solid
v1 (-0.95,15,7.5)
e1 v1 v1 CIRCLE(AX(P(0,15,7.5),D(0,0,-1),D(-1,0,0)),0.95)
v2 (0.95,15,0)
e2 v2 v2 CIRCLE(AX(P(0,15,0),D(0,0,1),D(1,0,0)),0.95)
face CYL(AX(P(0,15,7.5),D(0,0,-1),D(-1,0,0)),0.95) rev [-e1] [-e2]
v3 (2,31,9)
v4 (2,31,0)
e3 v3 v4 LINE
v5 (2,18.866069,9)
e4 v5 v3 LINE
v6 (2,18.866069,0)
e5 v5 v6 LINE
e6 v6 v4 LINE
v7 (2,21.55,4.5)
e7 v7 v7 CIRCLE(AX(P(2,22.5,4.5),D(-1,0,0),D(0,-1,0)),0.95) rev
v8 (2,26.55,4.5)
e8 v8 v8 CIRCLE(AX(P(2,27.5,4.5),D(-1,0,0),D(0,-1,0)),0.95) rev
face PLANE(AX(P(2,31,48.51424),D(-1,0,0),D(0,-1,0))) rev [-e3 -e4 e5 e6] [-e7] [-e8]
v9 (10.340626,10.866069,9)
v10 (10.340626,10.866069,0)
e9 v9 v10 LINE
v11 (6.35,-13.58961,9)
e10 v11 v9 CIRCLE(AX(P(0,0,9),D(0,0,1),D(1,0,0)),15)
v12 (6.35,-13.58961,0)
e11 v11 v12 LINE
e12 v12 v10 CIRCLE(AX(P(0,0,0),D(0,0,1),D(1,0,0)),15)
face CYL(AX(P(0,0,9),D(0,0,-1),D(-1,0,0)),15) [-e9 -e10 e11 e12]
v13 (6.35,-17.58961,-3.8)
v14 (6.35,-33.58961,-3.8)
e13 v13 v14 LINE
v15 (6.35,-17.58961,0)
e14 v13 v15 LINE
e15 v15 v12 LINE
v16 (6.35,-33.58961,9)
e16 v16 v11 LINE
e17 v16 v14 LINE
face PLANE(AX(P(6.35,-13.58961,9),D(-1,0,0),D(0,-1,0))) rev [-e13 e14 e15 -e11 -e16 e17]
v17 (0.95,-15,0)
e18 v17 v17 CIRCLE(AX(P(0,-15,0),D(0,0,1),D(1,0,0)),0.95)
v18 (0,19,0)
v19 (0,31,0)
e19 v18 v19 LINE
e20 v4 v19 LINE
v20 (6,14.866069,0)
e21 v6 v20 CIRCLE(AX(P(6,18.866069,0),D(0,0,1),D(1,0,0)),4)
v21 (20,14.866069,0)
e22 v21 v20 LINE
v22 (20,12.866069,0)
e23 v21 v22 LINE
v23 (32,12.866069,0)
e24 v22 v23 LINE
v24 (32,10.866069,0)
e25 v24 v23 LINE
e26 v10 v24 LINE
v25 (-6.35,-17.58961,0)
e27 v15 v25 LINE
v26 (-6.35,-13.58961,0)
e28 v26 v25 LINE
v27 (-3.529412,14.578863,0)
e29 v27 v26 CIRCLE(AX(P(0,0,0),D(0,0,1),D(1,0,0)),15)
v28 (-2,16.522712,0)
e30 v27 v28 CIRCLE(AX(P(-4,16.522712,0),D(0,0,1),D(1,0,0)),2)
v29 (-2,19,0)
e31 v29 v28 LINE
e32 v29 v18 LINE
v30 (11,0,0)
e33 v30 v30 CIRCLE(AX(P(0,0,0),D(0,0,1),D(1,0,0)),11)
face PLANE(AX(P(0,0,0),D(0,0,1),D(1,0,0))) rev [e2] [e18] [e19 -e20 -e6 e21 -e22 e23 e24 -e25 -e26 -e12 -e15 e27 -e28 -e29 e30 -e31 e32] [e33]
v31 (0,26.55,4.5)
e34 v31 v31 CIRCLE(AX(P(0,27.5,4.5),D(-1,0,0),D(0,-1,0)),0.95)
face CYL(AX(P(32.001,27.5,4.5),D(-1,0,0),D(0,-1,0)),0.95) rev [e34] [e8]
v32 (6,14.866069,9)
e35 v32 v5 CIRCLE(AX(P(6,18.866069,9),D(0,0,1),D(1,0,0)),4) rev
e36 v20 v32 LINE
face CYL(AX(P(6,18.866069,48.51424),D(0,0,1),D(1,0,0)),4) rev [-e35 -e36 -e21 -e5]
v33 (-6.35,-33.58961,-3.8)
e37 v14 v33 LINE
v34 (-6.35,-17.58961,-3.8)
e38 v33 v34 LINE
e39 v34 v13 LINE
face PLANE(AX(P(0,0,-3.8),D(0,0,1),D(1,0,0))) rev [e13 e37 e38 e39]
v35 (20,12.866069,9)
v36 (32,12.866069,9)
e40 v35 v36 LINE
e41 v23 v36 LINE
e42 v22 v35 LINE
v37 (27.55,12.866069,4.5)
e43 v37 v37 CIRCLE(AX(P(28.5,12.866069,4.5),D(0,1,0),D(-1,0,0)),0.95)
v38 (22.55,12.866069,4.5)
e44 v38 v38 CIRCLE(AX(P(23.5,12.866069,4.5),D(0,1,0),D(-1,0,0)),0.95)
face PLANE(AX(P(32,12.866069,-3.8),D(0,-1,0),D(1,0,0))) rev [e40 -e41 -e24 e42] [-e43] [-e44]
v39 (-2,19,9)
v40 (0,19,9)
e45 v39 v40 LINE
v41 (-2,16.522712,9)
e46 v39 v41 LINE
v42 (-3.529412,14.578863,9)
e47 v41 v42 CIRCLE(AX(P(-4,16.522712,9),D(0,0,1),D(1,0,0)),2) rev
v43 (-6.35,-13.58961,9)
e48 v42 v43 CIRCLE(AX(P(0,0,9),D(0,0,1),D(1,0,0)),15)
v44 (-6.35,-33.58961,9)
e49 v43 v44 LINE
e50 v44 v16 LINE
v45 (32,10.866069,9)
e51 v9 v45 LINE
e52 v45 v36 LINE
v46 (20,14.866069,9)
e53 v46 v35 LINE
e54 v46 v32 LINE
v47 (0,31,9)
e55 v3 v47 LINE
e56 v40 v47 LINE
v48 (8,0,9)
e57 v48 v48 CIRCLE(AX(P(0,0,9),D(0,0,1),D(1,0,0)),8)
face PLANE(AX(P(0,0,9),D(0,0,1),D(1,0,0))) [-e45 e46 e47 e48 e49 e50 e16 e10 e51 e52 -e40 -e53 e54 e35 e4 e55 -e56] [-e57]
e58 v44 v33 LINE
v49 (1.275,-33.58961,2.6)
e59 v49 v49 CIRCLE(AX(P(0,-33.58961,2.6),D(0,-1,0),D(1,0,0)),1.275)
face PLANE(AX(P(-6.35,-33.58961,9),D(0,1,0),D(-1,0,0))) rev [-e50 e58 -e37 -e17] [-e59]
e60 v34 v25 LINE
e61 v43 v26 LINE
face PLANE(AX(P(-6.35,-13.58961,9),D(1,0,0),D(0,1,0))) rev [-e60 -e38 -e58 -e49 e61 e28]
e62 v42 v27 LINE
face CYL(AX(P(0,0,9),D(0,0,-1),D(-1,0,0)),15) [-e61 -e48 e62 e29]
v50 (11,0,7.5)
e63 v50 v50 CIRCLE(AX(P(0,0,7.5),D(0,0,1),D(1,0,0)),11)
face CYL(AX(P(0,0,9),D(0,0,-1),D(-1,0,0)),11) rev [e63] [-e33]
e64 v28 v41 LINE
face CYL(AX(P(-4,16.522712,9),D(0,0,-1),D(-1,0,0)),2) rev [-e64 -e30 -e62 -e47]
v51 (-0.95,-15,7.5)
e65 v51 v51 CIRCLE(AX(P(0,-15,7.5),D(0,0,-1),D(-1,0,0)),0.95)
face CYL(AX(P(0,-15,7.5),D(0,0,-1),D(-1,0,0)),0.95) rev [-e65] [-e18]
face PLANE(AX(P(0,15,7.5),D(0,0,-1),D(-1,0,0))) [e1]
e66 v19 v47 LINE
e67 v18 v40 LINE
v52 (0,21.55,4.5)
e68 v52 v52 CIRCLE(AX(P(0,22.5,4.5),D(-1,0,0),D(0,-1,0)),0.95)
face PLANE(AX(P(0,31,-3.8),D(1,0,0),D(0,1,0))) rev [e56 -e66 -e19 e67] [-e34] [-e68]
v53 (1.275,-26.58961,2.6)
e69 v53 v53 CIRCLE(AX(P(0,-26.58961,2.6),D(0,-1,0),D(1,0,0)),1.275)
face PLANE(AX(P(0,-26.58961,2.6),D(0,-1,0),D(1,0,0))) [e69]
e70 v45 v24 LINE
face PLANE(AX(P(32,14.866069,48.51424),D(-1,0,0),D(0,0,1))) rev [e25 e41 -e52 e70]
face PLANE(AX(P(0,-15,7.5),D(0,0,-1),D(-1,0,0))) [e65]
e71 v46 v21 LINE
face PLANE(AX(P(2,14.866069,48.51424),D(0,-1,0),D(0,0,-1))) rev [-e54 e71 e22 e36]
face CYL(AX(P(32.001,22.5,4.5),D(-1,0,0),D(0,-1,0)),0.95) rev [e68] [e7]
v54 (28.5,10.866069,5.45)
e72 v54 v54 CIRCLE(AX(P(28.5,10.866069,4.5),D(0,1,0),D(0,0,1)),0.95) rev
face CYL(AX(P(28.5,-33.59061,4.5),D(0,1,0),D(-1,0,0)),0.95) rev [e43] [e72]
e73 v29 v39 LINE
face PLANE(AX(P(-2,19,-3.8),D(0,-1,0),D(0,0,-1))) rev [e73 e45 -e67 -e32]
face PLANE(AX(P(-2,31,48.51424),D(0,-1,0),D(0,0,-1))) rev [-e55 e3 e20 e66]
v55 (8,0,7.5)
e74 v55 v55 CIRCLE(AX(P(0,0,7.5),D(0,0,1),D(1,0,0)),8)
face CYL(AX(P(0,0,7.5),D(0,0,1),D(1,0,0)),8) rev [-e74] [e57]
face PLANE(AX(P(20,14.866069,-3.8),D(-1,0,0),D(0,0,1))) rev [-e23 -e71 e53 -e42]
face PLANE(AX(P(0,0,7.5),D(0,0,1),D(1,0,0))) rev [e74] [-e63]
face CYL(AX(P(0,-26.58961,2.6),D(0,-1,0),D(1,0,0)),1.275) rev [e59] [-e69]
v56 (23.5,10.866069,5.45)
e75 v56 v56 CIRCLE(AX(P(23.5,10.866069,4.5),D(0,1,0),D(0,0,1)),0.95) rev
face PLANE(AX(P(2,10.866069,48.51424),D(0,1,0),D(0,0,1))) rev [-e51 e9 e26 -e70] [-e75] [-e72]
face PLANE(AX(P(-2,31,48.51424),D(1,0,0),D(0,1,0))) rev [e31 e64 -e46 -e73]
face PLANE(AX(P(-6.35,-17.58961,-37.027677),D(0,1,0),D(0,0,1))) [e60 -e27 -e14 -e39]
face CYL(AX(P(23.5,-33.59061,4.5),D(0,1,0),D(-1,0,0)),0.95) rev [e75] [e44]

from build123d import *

# Parameters (mm, degrees)
SKETCH2_R           = 15
SKETCH2_R_2         = 11
BOSS_EXTRUDE1_DEPTH = 9
BOSS_EXTRUDE2_DEPTH = 9
SKETCH4_W           = 12.7
SKETCH4_H           = 16
BOSS_EXTRUDE3_DEPTH = 3.8
SKETCH5_R           = 1.275
CUT_EXTRUDE1_DEPTH  = 7
SKETCH6_R           = 11
SKETCH6_R_2         = 8
BOSS_EXTRUDE4_DEPTH = 1.5
BOSS_EXTRUDE5_DEPTH = 9
SKETCH8_W           = 12
SKETCH8_H           = 2
SKETCH8_W_2         = 2
SKETCH8_H_2         = 12
CUT_EXTRUDE2_DEPTH  = 13.8
CUT_EXTRUDE3_REACH  = 34
SKETCH9_R           = 0.95
CUT_EXTRUDE4_REACH  = 48.456
SKETCH10_R          = 0.95
FILLET1_R           = 4
FILLET3_R           = 2
SKETCH11_R          = 11
BOSS_EXTRUDE6_DEPTH = 1.5
SKETCH13_R          = 0.95
CUT_EXTRUDE5_DEPTH  = 9
FILLET2_R           = 1


with BuildPart() as part:
    # Sketch2 → Boss-Extrude1 (new body)
    with BuildSketch(Plane.XY):
        Circle(SKETCH2_R)
        Circle(SKETCH2_R_2, mode=Mode.SUBTRACT)
    extrude(amount=BOSS_EXTRUDE1_DEPTH)

    # Sketch3 → Boss-Extrude2 (add)
    with BuildSketch(Plane.XY):
        with BuildLine():
            Line((-6.35, -13.589610002), (-6.35, -33.589610002))
            Line((-6.35, -33.589610002), (6.35, -33.589610002))
            Line((6.35, -33.589610002), (6.35, -13.589610002))
            ThreePointArc((6.35, -13.589610002), (0, -15), (-6.35, -13.589610002))
        make_face()
    extrude(amount=BOSS_EXTRUDE2_DEPTH)

    # Sketch4 → Boss-Extrude3 (add)
    with BuildSketch(Plane.XY):
        with Locations((0, -25.589610002)):
            Rectangle(SKETCH4_W, SKETCH4_H)
    extrude(amount=-BOSS_EXTRUDE3_DEPTH)

    # Sketch5 → Cut-Extrude1 (cut)
    with BuildSketch(Plane.XZ.offset(33.589610002)):
        with Locations((0, 2.6)):
            Circle(SKETCH5_R)
    extrude(amount=-CUT_EXTRUDE1_DEPTH, mode=Mode.SUBTRACT)

    # Sketch6 → Boss-Extrude4 (add)
    with BuildSketch(Plane.XY.offset(9)):
        Circle(SKETCH6_R)
        Circle(SKETCH6_R_2, mode=Mode.SUBTRACT)
    extrude(amount=-BOSS_EXTRUDE4_DEPTH)

    # Sketch7 → Boss-Extrude5 (add)
    with BuildSketch(Plane.XY):
        Polygon((-2, 14.866068747), (2, 10.866068747), (32, 10.866068747), (32, 14.866068747), (2, 14.866068747), (2, 31), (-2, 31), align=None)
    extrude(amount=BOSS_EXTRUDE5_DEPTH)

    # Sketch8 → Cut-Extrude2 (cut, through all)
    with BuildSketch(Plane.XY.offset(9)):
        with Locations((26, 13.866068747)):
            Rectangle(SKETCH8_W, SKETCH8_H)
        with Locations((-1, 25)):
            Rectangle(SKETCH8_W_2, SKETCH8_H_2)
    extrude(amount=-CUT_EXTRUDE2_DEPTH, mode=Mode.SUBTRACT)

    # Sketch9 → Cut-Extrude3 (cut, up to next)
    with BuildSketch(Plane.ZY, mode=Mode.PRIVATE) as cut_extrude3_sk1:
        with Locations((4.5, 27.5)):
            Circle(SKETCH9_R)
    cut_extrude3_tool1 = extrude(cut_extrude3_sk1.sketch, amount=-CUT_EXTRUDE3_REACH, mode=Mode.PRIVATE) & part.part
    add(cut_extrude3_tool1.solids().sort_by_distance((0, 27.5, 4.5))[0], mode=Mode.SUBTRACT)
    # Sketch9 → Cut-Extrude3 (cut, up to next)
    with BuildSketch(Plane.ZY, mode=Mode.PRIVATE) as cut_extrude3_sk2:
        with Locations((4.5, 22.5)):
            Circle(SKETCH9_R)
    cut_extrude3_tool2 = extrude(cut_extrude3_sk2.sketch, amount=-CUT_EXTRUDE3_REACH, mode=Mode.PRIVATE) & part.part
    add(cut_extrude3_tool2.solids().sort_by_distance((0, 22.5, 4.5))[0], mode=Mode.SUBTRACT)

    # Sketch10 → Cut-Extrude4 (cut, up to next)
    with BuildSketch(Plane(origin=(0, 12.866068747, 0), x_dir=(1, 0, 0), z_dir=(0, 1, 0)), mode=Mode.PRIVATE) as cut_extrude4_sk1:
        with Locations((23.5, -4.5)):
            Circle(SKETCH10_R)
    cut_extrude4_tool1 = extrude(cut_extrude4_sk1.sketch, amount=-CUT_EXTRUDE4_REACH, mode=Mode.PRIVATE) & part.part
    add(cut_extrude4_tool1.solids().sort_by_distance((23.5, 12.866069, 4.5))[0], mode=Mode.SUBTRACT)
    # Sketch10 → Cut-Extrude4 (cut, up to next)
    with BuildSketch(Plane(origin=(0, 12.866068747, 0), x_dir=(1, 0, 0), z_dir=(0, 1, 0)), mode=Mode.PRIVATE) as cut_extrude4_sk2:
        with Locations((28.5, -4.5)):
            Circle(SKETCH10_R)
    cut_extrude4_tool2 = extrude(cut_extrude4_sk2.sketch, amount=-CUT_EXTRUDE4_REACH, mode=Mode.PRIVATE) & part.part
    add(cut_extrude4_tool2.solids().sort_by_distance((28.5, 12.866069, 4.5))[0], mode=Mode.SUBTRACT)

    # Fillet1
    fillet1_edges = [part.edges().sort_by_distance(p)[0] for p in [
        (2, 14.866068747, 4.5),
    ]]
    fillet(fillet1_edges, radius=FILLET1_R)

    # Fillet3
    fillet3_edges = [part.edges().sort_by_distance(p)[0] for p in [
        (-2, 14.866068747, 4.5),
    ]]
    fillet(fillet3_edges, radius=FILLET3_R)


with BuildPart() as body_2:
    # Sketch11 → Boss-Extrude6 (new body)
    with BuildSketch(Plane(origin=(0, 0, 0), x_dir=(-1, 0, 0), z_dir=(0, 0, -1))):
        with BuildLine():
            Line((-6, 14.866068747), (-10.340626189, 10.866068747))
            ThreePointArc((-10.340626189, 10.866068747), (-14.804198945, -2.415718027), (-6.35, -13.589610002))
            Line((-6.35, -13.589610002), (-6.35, -17.589610002))
            Line((-6.35, -17.589610002), (6.35, -17.589610002))
            Line((6.35, -17.589610002), (6.35, -13.589610002))
            ThreePointArc((6.35, -13.589610002), (14.92536147, 1.49451831), (3.529411765, 14.578863213))
            ThreePointArc((3.529411765, 14.578863213), (2.428189504, 15.286017757), (2, 16.522711642))
            Line((2, 16.522711642), (2, 19))
            Line((2, 19), (0, 19))
            Line((0, 19), (-2, 19))
            Line((-2, 19), (-2, 18.866068747))
            ThreePointArc((-2, 18.866068747), (-3.171572875, 16.037641623), (-6, 14.866068747))
        make_face()
        Circle(SKETCH11_R, mode=Mode.SUBTRACT)
    extrude(amount=BOSS_EXTRUDE6_DEPTH)


with BuildPart() as cut_extrude5_tool:
    # Sketch13 → Cut-Extrude5 (new body)
    with BuildSketch(Plane(origin=(0, 0, -1.5), x_dir=(-1, 0, 0), z_dir=(0, 0, -1))):
        with Locations((0, 15)):
            Circle(SKETCH13_R)
        with Locations((0, -15)):
            Circle(SKETCH13_R)
    extrude(amount=-CUT_EXTRUDE5_DEPTH)


with BuildPart() as part_1:
    add(part.part)

    # Cut-Extrude5: cut by cut_extrude5_tool
    add(cut_extrude5_tool.part, mode=Mode.SUBTRACT)


with BuildPart() as body_2_1:
    add(body_2.part)

    # Cut-Extrude5: cut by cut_extrude5_tool
    add(cut_extrude5_tool.part, mode=Mode.SUBTRACT)

    # Fillet2
    fillet2_edges = [body_2_1.edges().sort_by_distance(p)[0] for p in [
        (0, 19, -1.5),
    ]]
    fillet(fillet2_edges, radius=FILLET2_R)


solid = part_1.part
